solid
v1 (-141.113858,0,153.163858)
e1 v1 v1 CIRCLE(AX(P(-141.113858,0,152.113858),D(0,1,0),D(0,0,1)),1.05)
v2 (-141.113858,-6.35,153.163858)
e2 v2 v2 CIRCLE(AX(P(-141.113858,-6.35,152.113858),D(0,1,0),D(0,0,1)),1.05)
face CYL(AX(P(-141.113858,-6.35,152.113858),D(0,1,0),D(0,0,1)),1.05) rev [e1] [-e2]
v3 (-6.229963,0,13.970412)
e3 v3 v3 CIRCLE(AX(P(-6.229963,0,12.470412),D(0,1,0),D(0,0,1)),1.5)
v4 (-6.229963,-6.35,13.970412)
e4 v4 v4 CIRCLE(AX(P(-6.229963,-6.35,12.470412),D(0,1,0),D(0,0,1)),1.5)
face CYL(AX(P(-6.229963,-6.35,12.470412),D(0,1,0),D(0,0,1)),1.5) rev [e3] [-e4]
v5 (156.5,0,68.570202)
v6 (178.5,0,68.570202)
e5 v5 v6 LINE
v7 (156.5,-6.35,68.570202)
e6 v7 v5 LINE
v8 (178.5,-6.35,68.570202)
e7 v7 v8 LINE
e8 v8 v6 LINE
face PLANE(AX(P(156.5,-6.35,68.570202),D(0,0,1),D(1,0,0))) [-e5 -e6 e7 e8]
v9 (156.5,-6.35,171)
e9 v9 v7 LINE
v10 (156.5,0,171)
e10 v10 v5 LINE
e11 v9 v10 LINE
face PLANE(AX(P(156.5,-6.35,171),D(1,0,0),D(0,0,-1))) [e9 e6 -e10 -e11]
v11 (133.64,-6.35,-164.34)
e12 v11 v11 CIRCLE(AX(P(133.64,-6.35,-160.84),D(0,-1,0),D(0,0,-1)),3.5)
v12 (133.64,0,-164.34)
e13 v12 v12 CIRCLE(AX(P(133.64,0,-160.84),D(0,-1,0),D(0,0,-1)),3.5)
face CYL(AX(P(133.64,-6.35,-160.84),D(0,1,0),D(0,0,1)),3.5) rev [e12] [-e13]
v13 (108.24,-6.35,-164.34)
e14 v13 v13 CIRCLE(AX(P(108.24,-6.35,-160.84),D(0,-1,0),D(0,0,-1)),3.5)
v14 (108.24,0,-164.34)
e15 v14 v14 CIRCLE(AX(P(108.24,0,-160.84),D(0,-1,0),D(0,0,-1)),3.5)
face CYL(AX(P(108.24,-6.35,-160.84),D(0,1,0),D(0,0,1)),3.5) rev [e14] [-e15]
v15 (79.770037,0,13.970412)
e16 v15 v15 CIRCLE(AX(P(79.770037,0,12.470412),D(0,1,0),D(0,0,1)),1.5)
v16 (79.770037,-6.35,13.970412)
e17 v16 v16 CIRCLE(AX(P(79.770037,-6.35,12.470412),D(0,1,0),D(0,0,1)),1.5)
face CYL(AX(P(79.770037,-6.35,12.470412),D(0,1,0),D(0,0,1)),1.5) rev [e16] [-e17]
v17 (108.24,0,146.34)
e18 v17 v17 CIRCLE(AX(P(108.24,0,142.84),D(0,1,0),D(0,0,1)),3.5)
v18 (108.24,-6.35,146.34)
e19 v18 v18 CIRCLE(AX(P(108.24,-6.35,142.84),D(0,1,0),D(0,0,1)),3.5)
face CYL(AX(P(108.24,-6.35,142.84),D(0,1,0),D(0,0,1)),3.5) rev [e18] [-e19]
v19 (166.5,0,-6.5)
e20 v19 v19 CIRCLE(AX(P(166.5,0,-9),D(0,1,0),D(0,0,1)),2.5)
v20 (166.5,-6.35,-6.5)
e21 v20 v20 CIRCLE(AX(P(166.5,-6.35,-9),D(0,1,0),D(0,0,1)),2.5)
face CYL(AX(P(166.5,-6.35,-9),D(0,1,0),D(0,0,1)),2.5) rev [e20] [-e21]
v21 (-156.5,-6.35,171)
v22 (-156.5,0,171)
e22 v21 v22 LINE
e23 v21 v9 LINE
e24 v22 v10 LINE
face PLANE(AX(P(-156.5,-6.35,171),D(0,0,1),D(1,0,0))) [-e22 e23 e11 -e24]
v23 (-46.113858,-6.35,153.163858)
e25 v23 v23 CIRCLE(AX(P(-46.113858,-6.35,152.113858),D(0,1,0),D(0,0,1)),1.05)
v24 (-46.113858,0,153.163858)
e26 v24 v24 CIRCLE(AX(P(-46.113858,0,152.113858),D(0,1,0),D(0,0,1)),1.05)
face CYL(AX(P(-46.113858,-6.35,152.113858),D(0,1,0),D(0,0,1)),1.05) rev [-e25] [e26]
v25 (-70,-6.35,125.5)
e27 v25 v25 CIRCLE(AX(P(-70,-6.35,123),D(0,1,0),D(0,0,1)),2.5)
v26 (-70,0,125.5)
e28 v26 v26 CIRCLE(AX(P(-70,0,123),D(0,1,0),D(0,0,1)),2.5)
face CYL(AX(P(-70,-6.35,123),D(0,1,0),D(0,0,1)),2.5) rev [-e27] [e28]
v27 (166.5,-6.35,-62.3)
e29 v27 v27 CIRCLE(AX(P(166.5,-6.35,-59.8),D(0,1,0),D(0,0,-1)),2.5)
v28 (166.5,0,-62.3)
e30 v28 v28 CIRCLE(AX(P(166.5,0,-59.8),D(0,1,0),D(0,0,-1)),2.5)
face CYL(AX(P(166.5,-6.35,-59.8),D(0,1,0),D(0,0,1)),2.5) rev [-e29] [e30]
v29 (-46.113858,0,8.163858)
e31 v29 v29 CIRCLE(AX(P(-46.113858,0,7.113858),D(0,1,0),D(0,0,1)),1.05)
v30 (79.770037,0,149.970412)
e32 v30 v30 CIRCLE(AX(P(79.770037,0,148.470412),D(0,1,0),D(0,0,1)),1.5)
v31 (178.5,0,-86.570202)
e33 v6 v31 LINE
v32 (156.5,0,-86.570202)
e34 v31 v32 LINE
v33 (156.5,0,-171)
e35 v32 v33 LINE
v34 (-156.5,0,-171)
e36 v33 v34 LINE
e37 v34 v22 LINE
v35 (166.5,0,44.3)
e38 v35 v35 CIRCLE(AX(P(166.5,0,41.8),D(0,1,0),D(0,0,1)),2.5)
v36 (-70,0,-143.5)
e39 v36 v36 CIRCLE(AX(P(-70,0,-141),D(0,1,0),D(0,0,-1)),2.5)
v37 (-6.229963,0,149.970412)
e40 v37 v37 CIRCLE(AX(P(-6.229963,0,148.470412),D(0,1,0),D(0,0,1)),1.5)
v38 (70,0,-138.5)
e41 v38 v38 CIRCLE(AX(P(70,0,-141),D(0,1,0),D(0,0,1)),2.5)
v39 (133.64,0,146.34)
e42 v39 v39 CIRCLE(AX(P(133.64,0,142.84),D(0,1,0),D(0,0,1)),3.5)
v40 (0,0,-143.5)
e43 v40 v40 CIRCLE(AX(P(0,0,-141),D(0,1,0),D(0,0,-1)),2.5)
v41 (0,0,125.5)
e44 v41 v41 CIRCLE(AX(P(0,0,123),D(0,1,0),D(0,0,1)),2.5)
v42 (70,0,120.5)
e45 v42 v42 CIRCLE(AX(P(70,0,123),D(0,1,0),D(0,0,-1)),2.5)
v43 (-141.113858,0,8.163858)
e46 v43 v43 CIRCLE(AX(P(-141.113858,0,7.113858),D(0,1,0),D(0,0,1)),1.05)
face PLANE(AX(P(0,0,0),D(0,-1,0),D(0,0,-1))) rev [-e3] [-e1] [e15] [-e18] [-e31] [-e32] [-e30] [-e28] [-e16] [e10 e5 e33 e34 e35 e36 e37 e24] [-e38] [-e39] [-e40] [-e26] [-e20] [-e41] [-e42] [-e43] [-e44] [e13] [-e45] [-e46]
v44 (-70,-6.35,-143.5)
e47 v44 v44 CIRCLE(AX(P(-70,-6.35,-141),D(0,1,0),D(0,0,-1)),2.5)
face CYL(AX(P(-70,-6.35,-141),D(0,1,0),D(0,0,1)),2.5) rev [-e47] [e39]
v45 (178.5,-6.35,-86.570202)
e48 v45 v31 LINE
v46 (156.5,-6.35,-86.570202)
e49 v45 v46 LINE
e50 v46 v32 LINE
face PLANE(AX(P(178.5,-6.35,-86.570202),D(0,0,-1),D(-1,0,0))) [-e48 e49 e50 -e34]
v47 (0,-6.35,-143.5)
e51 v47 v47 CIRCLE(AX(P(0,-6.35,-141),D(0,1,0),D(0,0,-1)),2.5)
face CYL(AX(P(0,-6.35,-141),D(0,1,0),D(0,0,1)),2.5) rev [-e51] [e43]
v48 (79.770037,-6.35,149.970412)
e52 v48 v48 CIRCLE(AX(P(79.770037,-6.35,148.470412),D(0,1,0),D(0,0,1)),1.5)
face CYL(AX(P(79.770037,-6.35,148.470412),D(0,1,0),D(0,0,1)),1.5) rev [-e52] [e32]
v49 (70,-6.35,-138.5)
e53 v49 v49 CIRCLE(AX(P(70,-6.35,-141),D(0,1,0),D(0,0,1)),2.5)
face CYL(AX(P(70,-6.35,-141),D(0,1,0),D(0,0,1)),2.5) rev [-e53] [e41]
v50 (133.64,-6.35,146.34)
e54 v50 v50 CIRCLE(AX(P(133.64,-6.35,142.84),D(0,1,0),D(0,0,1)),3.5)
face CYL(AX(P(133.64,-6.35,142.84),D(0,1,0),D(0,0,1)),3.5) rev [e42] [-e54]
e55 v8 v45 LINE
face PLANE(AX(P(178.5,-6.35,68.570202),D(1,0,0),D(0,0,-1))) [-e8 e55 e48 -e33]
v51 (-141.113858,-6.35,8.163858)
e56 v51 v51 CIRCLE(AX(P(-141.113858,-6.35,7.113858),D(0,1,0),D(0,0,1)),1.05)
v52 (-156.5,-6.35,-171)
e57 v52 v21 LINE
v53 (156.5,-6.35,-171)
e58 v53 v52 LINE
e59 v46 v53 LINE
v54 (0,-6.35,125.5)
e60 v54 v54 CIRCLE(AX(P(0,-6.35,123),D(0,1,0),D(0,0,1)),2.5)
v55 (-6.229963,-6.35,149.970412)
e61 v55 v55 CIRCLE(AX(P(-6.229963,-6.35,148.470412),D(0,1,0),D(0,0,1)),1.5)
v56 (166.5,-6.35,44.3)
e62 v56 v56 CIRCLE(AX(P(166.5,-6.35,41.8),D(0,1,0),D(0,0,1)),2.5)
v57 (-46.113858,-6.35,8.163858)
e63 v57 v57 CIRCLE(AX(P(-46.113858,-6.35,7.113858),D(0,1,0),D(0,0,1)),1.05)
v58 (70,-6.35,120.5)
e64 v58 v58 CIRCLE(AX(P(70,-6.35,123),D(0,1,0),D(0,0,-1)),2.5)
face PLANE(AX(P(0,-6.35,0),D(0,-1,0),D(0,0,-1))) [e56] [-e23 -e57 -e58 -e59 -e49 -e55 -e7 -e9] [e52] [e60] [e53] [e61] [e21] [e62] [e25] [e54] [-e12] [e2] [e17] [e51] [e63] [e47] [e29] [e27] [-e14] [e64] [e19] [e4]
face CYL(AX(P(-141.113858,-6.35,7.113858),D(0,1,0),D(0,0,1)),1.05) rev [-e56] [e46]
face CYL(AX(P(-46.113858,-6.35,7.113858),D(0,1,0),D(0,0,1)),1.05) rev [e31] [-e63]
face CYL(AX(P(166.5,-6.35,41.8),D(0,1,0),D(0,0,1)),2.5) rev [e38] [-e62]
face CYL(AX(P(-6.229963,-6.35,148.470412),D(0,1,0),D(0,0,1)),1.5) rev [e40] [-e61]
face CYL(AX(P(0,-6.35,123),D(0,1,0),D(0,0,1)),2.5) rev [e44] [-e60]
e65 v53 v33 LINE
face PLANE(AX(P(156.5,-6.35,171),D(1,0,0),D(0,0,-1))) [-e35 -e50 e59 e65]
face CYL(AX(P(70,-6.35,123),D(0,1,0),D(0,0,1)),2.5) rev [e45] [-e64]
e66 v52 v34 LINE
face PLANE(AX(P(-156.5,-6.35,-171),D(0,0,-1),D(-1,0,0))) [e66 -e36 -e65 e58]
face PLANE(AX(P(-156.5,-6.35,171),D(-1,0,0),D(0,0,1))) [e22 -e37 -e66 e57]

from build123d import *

# Parameters (mm, degrees)
SKETCH1_W           = 313
SKETCH1_H           = 342
BOSS_EXTRUDE1_DEPTH = 6.35
SKETCH3_W           = 22
SKETCH3_H           = 155.14040353
SKETCH3_R           = 2.5
BOSS_EXTRUDE2_DEPTH = 6.35
SKETCH2_R           = 2.5
CUT_EXTRUDE1_DEPTH  = 7.35
SKETCH4_R           = 3.5
CUT_EXTRUDE2_DEPTH  = 7.35
SKETCH5_R           = 1.5
SKETCH5_R_2         = 1.05
CUT_EXTRUDE3_DEPTH  = 7.35


with BuildPart() as part:
    # Sketch1 → Boss-Extrude1 (new body)
    with BuildSketch(Plane(origin=(0, 0, 0), x_dir=(1, 0, 0), z_dir=(0, 1, 0))):
        Rectangle(SKETCH1_W, SKETCH1_H)
    extrude(amount=-BOSS_EXTRUDE1_DEPTH)

    # Sketch3 → Boss-Extrude2 (add)
    with BuildSketch(Plane(origin=(0, 0, 0), x_dir=(1, 0, 0), z_dir=(0, 1, 0))):
        with Locations((167.5, 9)):
            Rectangle(SKETCH3_W, SKETCH3_H)
        with Locations((166.5, 9)):
            Circle(SKETCH3_R, mode=Mode.SUBTRACT)
        with Locations((166.5, -41.8)):
            Circle(SKETCH3_R, mode=Mode.SUBTRACT)
        with Locations((166.5, 59.8)):
            Circle(SKETCH3_R, mode=Mode.SUBTRACT)
    extrude(amount=-BOSS_EXTRUDE2_DEPTH)

    # Sketch2 → Cut-Extrude1 (cut, through all)
    with BuildSketch(Plane(origin=(0, 0, 0), x_dir=(1, 0, 0), z_dir=(0, 1, 0))):
        with Locations((0, -123)):
            Circle(SKETCH2_R)
        with Locations((-70, -123)):
            Circle(SKETCH2_R)
        with Locations((70, -123)):
            Circle(SKETCH2_R)
        with Locations((-70, 141)):
            Circle(SKETCH2_R)
        with Locations((0, 141)):
            Circle(SKETCH2_R)
        with Locations((70, 141)):
            Circle(SKETCH2_R)
    extrude(amount=-CUT_EXTRUDE1_DEPTH, mode=Mode.SUBTRACT)

    # Sketch4 → Cut-Extrude2 (cut, through all)
    with BuildSketch(Plane(origin=(0, 0, 0), x_dir=(1, 0, 0), z_dir=(0, 1, 0))):
        with Locations((133.64, -142.84)):
            Circle(SKETCH4_R)
        with Locations((108.24, -142.84)):
            Circle(SKETCH4_R)
    cut_extrude2 = extrude(amount=-CUT_EXTRUDE2_DEPTH, mode=Mode.SUBTRACT)

    # Mirror1: Cut-Extrude2 across plane
    add(cut_extrude2.mirror(Plane(origin=(0, 0, -9), x_dir=(1, 0, 0), z_dir=(0, 0, -1))), mode=Mode.SUBTRACT)

    # Sketch5 → Cut-Extrude3 (cut, through all)
    with BuildSketch(Plane(origin=(0, 0, 0), x_dir=(1, 0, 0), z_dir=(0, 1, 0))):
        with Locations((79.770037453, -148.470411985)):
            Circle(SKETCH5_R)
        with Locations((-6.229962547, -148.470411985)):
            Circle(SKETCH5_R)
        with Locations((-6.229962547, -12.470411985)):
            Circle(SKETCH5_R)
        with Locations((79.770037453, -12.470411985)):
            Circle(SKETCH5_R)
        with Locations((-46.113857678, -7.113857678)):
            Circle(SKETCH5_R_2)
        with Locations((-46.113857678, -152.113857678)):
            Circle(SKETCH5_R_2)
        with Locations((-141.113857678, -7.113857678)):
            Circle(SKETCH5_R_2)
        with Locations((-141.113857678, -152.113857678)):
            Circle(SKETCH5_R_2)
    extrude(amount=-CUT_EXTRUDE3_DEPTH, mode=Mode.SUBTRACT)


solid = part.part
